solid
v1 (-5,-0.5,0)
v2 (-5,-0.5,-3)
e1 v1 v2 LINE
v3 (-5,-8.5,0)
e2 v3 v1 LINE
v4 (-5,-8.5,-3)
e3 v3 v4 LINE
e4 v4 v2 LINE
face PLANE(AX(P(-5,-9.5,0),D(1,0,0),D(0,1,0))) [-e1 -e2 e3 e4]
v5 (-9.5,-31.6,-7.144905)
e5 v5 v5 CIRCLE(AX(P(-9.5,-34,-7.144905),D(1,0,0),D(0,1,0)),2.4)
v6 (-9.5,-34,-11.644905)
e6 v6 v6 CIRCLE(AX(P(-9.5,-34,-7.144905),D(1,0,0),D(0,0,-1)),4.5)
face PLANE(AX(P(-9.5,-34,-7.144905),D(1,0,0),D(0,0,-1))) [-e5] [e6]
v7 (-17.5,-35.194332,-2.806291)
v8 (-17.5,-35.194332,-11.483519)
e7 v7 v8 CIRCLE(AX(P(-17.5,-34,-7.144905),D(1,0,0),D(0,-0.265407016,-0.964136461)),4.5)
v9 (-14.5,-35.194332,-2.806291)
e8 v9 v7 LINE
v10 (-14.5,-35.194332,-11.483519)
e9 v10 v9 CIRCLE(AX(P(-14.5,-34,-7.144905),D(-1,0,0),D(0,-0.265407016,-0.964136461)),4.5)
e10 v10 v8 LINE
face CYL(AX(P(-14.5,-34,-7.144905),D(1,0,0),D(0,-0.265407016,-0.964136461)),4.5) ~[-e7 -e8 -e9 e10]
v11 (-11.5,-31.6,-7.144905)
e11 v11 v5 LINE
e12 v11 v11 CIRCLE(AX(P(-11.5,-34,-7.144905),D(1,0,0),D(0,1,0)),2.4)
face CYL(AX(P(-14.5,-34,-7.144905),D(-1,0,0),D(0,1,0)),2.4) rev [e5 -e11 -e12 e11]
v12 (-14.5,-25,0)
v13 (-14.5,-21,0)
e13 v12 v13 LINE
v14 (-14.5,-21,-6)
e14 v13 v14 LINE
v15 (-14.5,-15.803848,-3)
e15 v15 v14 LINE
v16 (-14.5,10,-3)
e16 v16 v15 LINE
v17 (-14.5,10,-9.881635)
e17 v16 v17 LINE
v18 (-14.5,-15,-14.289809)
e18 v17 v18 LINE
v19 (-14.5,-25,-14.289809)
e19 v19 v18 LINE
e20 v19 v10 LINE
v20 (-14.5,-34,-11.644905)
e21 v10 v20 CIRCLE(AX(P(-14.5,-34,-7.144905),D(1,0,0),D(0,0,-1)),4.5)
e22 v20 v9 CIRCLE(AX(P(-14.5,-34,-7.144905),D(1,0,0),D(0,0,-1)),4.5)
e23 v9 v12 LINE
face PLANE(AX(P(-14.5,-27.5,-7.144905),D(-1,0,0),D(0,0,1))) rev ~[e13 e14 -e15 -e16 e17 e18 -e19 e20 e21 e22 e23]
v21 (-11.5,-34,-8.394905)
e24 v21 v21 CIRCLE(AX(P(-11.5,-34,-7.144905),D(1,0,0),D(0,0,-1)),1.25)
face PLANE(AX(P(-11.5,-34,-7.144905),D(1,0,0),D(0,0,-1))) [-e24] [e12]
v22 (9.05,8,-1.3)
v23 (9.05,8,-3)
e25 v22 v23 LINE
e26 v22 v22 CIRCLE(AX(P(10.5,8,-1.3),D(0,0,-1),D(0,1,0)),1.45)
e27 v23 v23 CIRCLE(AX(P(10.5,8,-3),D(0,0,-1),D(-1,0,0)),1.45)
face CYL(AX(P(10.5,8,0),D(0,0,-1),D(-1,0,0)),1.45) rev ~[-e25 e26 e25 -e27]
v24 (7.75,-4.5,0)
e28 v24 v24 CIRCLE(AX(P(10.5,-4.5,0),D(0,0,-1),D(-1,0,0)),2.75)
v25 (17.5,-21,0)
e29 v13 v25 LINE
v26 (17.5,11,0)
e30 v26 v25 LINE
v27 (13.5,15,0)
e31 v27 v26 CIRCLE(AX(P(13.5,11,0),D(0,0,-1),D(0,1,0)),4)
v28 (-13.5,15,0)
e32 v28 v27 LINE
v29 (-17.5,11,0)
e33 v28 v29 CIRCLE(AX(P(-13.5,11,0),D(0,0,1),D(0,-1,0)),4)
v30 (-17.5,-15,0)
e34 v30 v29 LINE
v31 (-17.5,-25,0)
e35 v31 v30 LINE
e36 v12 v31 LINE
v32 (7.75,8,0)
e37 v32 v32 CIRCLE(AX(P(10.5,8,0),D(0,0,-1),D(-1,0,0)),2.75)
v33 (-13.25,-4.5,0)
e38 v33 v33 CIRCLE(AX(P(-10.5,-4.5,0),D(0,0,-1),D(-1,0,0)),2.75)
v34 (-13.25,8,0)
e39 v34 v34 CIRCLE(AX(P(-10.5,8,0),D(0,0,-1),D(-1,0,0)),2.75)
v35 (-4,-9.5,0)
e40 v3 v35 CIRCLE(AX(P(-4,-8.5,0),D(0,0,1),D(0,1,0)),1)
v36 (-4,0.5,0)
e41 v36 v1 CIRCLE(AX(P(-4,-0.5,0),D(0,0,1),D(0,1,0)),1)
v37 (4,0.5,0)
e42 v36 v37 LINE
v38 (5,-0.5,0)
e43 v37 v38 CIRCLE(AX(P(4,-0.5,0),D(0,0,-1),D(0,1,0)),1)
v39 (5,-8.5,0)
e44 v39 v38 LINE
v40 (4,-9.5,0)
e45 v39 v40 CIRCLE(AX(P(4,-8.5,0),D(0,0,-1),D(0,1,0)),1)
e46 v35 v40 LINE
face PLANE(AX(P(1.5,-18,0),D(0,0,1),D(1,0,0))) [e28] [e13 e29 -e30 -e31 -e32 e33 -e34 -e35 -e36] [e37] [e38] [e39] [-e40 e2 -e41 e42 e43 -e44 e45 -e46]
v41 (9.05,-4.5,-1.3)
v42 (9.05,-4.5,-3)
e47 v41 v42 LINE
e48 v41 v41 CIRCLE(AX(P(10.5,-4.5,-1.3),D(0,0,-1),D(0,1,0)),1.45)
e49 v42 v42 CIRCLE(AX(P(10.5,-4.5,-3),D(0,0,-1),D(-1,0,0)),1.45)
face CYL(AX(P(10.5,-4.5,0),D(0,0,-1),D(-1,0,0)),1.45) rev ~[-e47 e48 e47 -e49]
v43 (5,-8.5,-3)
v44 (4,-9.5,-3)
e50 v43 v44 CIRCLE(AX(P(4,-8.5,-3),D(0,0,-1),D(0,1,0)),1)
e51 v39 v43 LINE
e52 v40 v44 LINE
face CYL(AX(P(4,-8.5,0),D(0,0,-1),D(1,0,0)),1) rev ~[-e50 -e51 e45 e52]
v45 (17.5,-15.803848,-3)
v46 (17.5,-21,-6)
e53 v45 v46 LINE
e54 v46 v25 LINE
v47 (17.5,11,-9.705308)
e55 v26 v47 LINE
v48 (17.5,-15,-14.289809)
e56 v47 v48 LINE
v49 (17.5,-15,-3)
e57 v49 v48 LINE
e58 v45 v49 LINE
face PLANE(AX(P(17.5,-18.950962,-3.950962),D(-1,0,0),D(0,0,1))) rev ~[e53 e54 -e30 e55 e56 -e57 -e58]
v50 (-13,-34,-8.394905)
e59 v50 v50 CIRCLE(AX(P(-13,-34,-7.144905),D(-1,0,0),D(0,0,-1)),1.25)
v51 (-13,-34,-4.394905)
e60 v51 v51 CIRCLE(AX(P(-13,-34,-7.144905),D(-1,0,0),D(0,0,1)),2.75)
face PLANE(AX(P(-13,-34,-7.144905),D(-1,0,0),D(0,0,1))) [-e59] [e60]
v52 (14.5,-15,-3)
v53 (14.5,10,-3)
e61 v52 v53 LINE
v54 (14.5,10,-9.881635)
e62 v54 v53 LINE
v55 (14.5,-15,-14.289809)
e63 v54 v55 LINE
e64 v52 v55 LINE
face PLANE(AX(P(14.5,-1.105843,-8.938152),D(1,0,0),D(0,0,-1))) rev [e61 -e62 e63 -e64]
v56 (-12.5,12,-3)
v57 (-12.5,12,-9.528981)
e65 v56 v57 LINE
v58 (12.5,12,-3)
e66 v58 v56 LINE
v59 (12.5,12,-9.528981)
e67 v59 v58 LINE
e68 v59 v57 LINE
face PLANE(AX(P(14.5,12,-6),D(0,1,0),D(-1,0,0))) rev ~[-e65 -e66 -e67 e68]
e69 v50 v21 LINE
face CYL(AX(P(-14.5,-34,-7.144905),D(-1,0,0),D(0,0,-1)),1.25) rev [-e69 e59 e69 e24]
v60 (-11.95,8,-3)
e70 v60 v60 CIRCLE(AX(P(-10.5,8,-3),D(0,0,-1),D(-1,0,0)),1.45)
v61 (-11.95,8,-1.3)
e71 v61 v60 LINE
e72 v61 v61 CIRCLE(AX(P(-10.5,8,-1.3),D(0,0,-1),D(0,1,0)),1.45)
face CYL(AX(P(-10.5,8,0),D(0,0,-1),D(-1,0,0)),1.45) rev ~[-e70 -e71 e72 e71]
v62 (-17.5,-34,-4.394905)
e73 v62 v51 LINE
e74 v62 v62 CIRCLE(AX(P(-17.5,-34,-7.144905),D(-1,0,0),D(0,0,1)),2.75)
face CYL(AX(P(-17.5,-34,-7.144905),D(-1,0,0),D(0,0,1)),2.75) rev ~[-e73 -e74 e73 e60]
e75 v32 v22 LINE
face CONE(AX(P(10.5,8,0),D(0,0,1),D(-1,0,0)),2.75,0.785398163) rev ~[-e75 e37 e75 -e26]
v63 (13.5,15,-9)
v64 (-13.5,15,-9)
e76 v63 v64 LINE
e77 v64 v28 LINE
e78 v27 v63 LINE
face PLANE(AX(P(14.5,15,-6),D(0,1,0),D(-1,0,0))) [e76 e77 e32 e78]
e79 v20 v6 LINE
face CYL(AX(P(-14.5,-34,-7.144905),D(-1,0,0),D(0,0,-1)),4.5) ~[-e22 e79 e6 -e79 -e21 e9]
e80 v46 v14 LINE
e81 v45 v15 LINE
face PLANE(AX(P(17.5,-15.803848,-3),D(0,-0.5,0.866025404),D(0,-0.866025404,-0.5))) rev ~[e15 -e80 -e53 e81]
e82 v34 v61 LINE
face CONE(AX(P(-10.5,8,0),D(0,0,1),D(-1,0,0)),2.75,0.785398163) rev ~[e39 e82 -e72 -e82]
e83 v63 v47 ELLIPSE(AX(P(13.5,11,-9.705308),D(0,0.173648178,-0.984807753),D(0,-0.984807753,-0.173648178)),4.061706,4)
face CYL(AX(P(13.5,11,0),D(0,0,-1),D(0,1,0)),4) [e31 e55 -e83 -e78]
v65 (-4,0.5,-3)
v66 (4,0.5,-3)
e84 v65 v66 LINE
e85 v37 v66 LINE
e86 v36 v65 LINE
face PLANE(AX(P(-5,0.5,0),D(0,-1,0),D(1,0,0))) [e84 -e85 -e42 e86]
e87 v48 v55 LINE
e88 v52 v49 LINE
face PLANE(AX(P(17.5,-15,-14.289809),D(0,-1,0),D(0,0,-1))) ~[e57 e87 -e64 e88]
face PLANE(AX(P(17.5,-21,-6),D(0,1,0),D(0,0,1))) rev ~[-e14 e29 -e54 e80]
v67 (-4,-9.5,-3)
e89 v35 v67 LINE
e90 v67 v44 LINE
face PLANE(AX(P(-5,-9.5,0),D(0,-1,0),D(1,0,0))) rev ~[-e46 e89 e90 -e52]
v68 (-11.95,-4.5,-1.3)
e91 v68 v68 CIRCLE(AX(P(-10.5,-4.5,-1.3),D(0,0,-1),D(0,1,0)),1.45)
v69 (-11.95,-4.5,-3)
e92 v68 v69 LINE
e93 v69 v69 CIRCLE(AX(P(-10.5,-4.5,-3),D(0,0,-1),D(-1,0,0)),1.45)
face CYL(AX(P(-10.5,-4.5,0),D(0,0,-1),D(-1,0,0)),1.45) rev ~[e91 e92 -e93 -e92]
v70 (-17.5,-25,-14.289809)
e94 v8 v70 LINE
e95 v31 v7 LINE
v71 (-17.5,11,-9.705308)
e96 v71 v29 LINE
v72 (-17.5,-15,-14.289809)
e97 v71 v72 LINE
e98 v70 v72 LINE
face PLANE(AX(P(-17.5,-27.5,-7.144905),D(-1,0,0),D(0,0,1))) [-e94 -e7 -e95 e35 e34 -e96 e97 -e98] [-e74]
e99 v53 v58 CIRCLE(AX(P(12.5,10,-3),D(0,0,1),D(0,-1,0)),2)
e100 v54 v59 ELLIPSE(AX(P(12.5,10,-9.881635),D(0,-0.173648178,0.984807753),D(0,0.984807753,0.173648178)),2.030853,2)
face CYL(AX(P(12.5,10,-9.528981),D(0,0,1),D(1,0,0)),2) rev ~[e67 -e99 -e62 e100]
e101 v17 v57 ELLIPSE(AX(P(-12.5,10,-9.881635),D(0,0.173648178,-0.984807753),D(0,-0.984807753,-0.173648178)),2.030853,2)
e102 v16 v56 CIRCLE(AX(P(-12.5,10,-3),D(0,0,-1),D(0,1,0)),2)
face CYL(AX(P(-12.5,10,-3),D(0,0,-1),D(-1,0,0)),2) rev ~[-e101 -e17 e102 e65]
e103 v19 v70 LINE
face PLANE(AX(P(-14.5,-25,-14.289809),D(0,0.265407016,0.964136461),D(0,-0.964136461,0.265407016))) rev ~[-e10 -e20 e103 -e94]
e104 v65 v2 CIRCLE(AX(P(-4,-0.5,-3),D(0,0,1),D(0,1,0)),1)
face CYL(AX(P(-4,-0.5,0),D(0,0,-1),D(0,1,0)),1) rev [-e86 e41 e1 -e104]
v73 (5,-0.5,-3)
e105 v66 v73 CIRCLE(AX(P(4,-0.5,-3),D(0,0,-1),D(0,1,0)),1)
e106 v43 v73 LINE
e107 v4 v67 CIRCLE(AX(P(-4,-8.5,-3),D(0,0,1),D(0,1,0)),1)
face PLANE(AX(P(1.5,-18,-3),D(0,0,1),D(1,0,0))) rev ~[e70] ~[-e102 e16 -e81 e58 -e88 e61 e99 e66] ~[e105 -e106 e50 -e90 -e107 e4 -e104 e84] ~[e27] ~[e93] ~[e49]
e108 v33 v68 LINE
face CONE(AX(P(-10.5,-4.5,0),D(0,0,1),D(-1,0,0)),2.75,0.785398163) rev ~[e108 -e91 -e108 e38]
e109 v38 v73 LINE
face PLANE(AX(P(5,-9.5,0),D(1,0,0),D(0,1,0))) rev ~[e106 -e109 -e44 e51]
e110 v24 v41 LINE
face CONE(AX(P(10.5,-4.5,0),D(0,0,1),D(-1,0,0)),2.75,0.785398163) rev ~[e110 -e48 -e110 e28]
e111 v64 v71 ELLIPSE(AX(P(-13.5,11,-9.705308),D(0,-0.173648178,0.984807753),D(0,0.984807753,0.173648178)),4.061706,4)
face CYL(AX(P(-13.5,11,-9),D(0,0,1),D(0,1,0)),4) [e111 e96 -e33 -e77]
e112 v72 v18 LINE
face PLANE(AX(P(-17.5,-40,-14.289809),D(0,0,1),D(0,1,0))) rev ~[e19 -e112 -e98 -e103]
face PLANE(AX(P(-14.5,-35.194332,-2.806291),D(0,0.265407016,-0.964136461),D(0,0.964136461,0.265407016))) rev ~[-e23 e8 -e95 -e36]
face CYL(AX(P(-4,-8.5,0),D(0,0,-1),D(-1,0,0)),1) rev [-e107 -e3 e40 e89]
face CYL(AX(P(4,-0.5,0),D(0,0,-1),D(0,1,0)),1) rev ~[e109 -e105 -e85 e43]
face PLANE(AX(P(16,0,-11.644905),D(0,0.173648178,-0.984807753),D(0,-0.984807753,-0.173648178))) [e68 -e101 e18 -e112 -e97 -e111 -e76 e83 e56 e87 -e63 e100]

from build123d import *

# Parameters (mm, degrees)
SKETCH1_W                                         = 35
SKETCH1_H                                         = 30
BOSS_EXTRUDE1_DEPTH                               = 3
SKETCH2_W                                         = 35
SKETCH2_H                                         = 30
SKETCH2_W_2                                       = 29
SKETCH2_H_2                                       = 24
BOSS_EXTRUDE2_DEPTH                               = 3
SKETCH3_W                                         = 10
SKETCH3_H                                         = 10
CUT_EXTRUDE1_DEPTH                                = 3
CSK_FOR_M2_5_FLAT_HEAD_MACHINE_SCREW1_D           = 2.9
CSK_FOR_M2_5_FLAT_HEAD_MACHINE_SCREW1_DEPTH       = 5
CSK_FOR_M2_5_FLAT_HEAD_MACHINE_SCREW1_CSINK_D     = 5.5
CSK_FOR_M2_5_FLAT_HEAD_MACHINE_SCREW1_CSINK_ANGLE = 90
CSK_FOR_M2_5_FLAT_HEAD_MACHINE_SCREW1_TIP         = 0.871247898
BOSS_EXTRUDE4_DEPTH                               = 3
FILLET1_R                                         = 1
BOSS_EXTRUDE5_REACH                               = 26.494
SKETCH15_W                                        = 29
SKETCH15_H                                        = 3
SKETCH16_W                                        = 29
SKETCH16_H                                        = 3
CUT_EXTRUDE6_DEPTH                                = 3
FILLET2_R                                         = 4
FILLET3_R                                         = 2
SKETCH21_W                                        = 14.289809421
SKETCH21_H                                        = 25
BOSS_EXTRUDE7_DEPTH                               = 3
SKETCH23_W                                        = 32
SKETCH23_H                                        = 6
BOSS_EXTRUDE8_DEPTH                               = 3
BOSS_EXTRUDE10_DEPTH                              = 32
SKETCH30_R                                        = 1.25
CUT_EXTRUDE13_DEPTH                               = 56.03815634
SKETCH32_R                                        = 4.5
SKETCH32_R_2                                      = 2.4
BOSS_EXTRUDE12_DEPTH                              = 5
SKETCH33_R                                        = 2.75
CUT_EXTRUDE15_DEPTH                               = 4.5
SKETCH32_4_R                                      = 2.4
SKETCH32_4_R_2                                    = 1.25
BOSS_EXTRUDE13_DEPTH                              = 3
SKETCH34_R                                        = 2.75
CUT_EXTRUDE17_DEPTH                               = 4.5
CUT_EXTRUDE18_DEPTH                               = 54.18081095


with BuildPart() as part:
    # Sketch1 → Boss-Extrude1 (new body)
    with BuildSketch(Plane.XY):
        Rectangle(SKETCH1_W, SKETCH1_H)
    extrude(amount=-BOSS_EXTRUDE1_DEPTH)

    # Sketch2 → Boss-Extrude2 (add)
    with BuildSketch(Plane(origin=(0, 0, -3), x_dir=(-1, 0, 0), z_dir=(0, 0, -1))):
        Rectangle(SKETCH2_W, SKETCH2_H)
        Rectangle(SKETCH2_W_2, SKETCH2_H_2, mode=Mode.SUBTRACT)
    extrude(amount=BOSS_EXTRUDE2_DEPTH)

    # Sketch3 → Cut-Extrude1 (cut)
    with BuildSketch(Plane.XY):
        with Locations((0, -4.5)):
            Rectangle(SKETCH3_W, SKETCH3_H)
    extrude(amount=-CUT_EXTRUDE1_DEPTH, mode=Mode.SUBTRACT)

    # CSK for M2.5 Flat Head Machine Screw1
    with Locations(Plane.XY):
        with Locations((10.5, 8), (-10.5, -4.5), (-10.5, 8), (10.5, -4.5)):
            CounterSinkHole(CSK_FOR_M2_5_FLAT_HEAD_MACHINE_SCREW1_D / 2, CSK_FOR_M2_5_FLAT_HEAD_MACHINE_SCREW1_CSINK_D / 2, depth=CSK_FOR_M2_5_FLAT_HEAD_MACHINE_SCREW1_DEPTH, counter_sink_angle=CSK_FOR_M2_5_FLAT_HEAD_MACHINE_SCREW1_CSINK_ANGLE)
            with Locations((0, 0, -(CSK_FOR_M2_5_FLAT_HEAD_MACHINE_SCREW1_DEPTH + CSK_FOR_M2_5_FLAT_HEAD_MACHINE_SCREW1_TIP / 2))):  # 118° drill point
                Cone(0, CSK_FOR_M2_5_FLAT_HEAD_MACHINE_SCREW1_D / 2, CSK_FOR_M2_5_FLAT_HEAD_MACHINE_SCREW1_TIP, mode=Mode.SUBTRACT)

    # Sketch11 → Boss-Extrude4 (add)
    with BuildSketch(Plane.ZY.offset(17.5)):
        Polygon((-6, 15), (-9, 15), (-14.289809421, -15), (-6, -15), align=None)
    boss_extrude4 = extrude(amount=-BOSS_EXTRUDE4_DEPTH)

    # Mirror1: Boss-Extrude4 across plane
    add(boss_extrude4.mirror(Plane(origin=(0, 0, 0), x_dir=(0, 0, 1), z_dir=(1, 0, 0))))

    # Fillet1
    fillet1_edges = [part.edges().sort_by_distance(p)[0] for p in [
        (5, 0.5, -1.5),
        (5, -9.5, -1.5),
        (-5, -9.5, -1.5),
        (-5, 0.5, -1.5),
    ]]
    fillet(fillet1_edges, radius=FILLET1_R)

    # Boss-Extrude5: up to this face of the body (flat: up to its plane)
    boss_extrude5_end = Plane(part.part.faces().sort_by_distance((16, 0, -11.644904711))[0])
    # Sketch15 → Boss-Extrude5 (add, up to the picked face)
    with BuildSketch(Plane(origin=(0, 0, -6), x_dir=(-1, 0, 0), z_dir=(0, 0, -1)), mode=Mode.PRIVATE) as boss_extrude5_sk1:
        with Locations((0, 13.5)):
            Rectangle(SKETCH15_W, SKETCH15_H)
    boss_extrude5_tool1 = split(extrude(boss_extrude5_sk1.sketch, amount=BOSS_EXTRUDE5_REACH, mode=Mode.PRIVATE), bisect_by=boss_extrude5_end, keep=Keep.BOTH, mode=Mode.PRIVATE)
    add(boss_extrude5_tool1.solids().sort_by(Axis((0, 13.5, -6), (0, 0, -1)))[0])

    # Sketch16 → Cut-Extrude6 (cut)
    with BuildSketch(Plane.XZ.offset(15)):
        with Locations((0, -4.5)):
            Rectangle(SKETCH16_W, SKETCH16_H)
    extrude(amount=-CUT_EXTRUDE6_DEPTH, mode=Mode.SUBTRACT)

    # Fillet2
    fillet2_edges = [part.edges().sort_by_distance(p)[0] for p in [
        (-17.5, 15, -4.5),
        (17.5, 15, -4.5),
    ]]
    fillet(fillet2_edges, radius=FILLET2_R)

    # Fillet3
    fillet3_edges = [part.edges().sort_by_distance(p)[0] for p in [
        (-14.5, 12, -6.264490471),
        (14.5, 12, -6.264490471),
    ]]
    fillet(fillet3_edges, radius=FILLET3_R)

    # Sketch21 → Boss-Extrude7 (add)
    with BuildSketch(Plane.ZY.offset(17.5)):
        with Locations((-7.144904711, -27.5)):
            Rectangle(SKETCH21_W, SKETCH21_H)
    extrude(amount=-BOSS_EXTRUDE7_DEPTH)

    # Sketch23 → Boss-Extrude8 (add)
    with BuildSketch(Plane.XY):
        with Locations((1.5, -18)):
            Rectangle(SKETCH23_W, SKETCH23_H)
    extrude(amount=-BOSS_EXTRUDE8_DEPTH)

    # Sketch27 → Boss-Extrude10 (add)
    with BuildSketch(Plane(origin=(17.5, 0, 0), x_dir=(0, 0, -1), z_dir=(1, 0, 0))):
        Polygon((3, -21), (3, -15.803847577), (6, -21), align=None)
    extrude(amount=-BOSS_EXTRUDE10_DEPTH)

    # Sketch30 → Cut-Extrude13 (cut, through all)
    with BuildSketch(Plane.ZY.offset(17.5)):
        with Locations((-7.144904711, -34)):
            Circle(SKETCH30_R)
    extrude(amount=-CUT_EXTRUDE13_DEPTH, mode=Mode.SUBTRACT)

    # Sketch32 → Boss-Extrude12 (add)
    with BuildSketch(Plane(origin=(-14.5, 0, 0), x_dir=(0, 0, -1), z_dir=(1, 0, 0))):
        with Locations((7.144904711, -34)):
            Circle(SKETCH32_R)
        with Locations(Location((7.144904711, -34, 0), (0, 0, 90))):
            Circle(SKETCH32_R_2, mode=Mode.SUBTRACT)
    extrude(amount=BOSS_EXTRUDE12_DEPTH)

    # Sketch33 → Cut-Extrude15 (cut)
    with BuildSketch(Plane.ZY.offset(17.5)):
        with Locations((-7.144904711, -34)):
            Circle(SKETCH33_R)
    extrude(amount=-CUT_EXTRUDE15_DEPTH, mode=Mode.SUBTRACT)

    # Sketch32<4> → Boss-Extrude13 (add)
    with BuildSketch(Plane(origin=(-14.5, 0, 0), x_dir=(0, 0, -1), z_dir=(1, 0, 0))):
        with Locations((7.144904711, -34)):
            Circle(SKETCH32_4_R)
        with Locations((7.144904711, -34)):
            Circle(SKETCH32_4_R_2, mode=Mode.SUBTRACT)
    extrude(amount=BOSS_EXTRUDE13_DEPTH)

    # Sketch34 → Cut-Extrude17 (cut)
    with BuildSketch(Plane.ZY.offset(17.5)):
        with Locations((-7.144904711, -34)):
            Circle(SKETCH34_R)
    extrude(amount=-CUT_EXTRUDE17_DEPTH, mode=Mode.SUBTRACT)

    # Sketch35 → Cut-Extrude18 (cut, through all)
    with BuildSketch(Plane(origin=(-14.5, 0, 0), x_dir=(0, 0, -1), z_dir=(1, 0, 0))):
        with BuildLine():
            Line((2.806290635, -35.194331572), (0, -25))
            Line((0, -25), (0, -40))
            Line((0, -40), (14.289809421, -40))
            Line((14.289809421, -40), (14.289809421, -25))
            Line((14.289809421, -25), (11.483518786, -35.194331572))
            ThreePointArc((11.483518786, -35.194331572), (7.144904711, -38.5), (2.806290635, -35.194331572))
        make_face()
    extrude(amount=-CUT_EXTRUDE18_DEPTH, mode=Mode.SUBTRACT)


solid = part.part
